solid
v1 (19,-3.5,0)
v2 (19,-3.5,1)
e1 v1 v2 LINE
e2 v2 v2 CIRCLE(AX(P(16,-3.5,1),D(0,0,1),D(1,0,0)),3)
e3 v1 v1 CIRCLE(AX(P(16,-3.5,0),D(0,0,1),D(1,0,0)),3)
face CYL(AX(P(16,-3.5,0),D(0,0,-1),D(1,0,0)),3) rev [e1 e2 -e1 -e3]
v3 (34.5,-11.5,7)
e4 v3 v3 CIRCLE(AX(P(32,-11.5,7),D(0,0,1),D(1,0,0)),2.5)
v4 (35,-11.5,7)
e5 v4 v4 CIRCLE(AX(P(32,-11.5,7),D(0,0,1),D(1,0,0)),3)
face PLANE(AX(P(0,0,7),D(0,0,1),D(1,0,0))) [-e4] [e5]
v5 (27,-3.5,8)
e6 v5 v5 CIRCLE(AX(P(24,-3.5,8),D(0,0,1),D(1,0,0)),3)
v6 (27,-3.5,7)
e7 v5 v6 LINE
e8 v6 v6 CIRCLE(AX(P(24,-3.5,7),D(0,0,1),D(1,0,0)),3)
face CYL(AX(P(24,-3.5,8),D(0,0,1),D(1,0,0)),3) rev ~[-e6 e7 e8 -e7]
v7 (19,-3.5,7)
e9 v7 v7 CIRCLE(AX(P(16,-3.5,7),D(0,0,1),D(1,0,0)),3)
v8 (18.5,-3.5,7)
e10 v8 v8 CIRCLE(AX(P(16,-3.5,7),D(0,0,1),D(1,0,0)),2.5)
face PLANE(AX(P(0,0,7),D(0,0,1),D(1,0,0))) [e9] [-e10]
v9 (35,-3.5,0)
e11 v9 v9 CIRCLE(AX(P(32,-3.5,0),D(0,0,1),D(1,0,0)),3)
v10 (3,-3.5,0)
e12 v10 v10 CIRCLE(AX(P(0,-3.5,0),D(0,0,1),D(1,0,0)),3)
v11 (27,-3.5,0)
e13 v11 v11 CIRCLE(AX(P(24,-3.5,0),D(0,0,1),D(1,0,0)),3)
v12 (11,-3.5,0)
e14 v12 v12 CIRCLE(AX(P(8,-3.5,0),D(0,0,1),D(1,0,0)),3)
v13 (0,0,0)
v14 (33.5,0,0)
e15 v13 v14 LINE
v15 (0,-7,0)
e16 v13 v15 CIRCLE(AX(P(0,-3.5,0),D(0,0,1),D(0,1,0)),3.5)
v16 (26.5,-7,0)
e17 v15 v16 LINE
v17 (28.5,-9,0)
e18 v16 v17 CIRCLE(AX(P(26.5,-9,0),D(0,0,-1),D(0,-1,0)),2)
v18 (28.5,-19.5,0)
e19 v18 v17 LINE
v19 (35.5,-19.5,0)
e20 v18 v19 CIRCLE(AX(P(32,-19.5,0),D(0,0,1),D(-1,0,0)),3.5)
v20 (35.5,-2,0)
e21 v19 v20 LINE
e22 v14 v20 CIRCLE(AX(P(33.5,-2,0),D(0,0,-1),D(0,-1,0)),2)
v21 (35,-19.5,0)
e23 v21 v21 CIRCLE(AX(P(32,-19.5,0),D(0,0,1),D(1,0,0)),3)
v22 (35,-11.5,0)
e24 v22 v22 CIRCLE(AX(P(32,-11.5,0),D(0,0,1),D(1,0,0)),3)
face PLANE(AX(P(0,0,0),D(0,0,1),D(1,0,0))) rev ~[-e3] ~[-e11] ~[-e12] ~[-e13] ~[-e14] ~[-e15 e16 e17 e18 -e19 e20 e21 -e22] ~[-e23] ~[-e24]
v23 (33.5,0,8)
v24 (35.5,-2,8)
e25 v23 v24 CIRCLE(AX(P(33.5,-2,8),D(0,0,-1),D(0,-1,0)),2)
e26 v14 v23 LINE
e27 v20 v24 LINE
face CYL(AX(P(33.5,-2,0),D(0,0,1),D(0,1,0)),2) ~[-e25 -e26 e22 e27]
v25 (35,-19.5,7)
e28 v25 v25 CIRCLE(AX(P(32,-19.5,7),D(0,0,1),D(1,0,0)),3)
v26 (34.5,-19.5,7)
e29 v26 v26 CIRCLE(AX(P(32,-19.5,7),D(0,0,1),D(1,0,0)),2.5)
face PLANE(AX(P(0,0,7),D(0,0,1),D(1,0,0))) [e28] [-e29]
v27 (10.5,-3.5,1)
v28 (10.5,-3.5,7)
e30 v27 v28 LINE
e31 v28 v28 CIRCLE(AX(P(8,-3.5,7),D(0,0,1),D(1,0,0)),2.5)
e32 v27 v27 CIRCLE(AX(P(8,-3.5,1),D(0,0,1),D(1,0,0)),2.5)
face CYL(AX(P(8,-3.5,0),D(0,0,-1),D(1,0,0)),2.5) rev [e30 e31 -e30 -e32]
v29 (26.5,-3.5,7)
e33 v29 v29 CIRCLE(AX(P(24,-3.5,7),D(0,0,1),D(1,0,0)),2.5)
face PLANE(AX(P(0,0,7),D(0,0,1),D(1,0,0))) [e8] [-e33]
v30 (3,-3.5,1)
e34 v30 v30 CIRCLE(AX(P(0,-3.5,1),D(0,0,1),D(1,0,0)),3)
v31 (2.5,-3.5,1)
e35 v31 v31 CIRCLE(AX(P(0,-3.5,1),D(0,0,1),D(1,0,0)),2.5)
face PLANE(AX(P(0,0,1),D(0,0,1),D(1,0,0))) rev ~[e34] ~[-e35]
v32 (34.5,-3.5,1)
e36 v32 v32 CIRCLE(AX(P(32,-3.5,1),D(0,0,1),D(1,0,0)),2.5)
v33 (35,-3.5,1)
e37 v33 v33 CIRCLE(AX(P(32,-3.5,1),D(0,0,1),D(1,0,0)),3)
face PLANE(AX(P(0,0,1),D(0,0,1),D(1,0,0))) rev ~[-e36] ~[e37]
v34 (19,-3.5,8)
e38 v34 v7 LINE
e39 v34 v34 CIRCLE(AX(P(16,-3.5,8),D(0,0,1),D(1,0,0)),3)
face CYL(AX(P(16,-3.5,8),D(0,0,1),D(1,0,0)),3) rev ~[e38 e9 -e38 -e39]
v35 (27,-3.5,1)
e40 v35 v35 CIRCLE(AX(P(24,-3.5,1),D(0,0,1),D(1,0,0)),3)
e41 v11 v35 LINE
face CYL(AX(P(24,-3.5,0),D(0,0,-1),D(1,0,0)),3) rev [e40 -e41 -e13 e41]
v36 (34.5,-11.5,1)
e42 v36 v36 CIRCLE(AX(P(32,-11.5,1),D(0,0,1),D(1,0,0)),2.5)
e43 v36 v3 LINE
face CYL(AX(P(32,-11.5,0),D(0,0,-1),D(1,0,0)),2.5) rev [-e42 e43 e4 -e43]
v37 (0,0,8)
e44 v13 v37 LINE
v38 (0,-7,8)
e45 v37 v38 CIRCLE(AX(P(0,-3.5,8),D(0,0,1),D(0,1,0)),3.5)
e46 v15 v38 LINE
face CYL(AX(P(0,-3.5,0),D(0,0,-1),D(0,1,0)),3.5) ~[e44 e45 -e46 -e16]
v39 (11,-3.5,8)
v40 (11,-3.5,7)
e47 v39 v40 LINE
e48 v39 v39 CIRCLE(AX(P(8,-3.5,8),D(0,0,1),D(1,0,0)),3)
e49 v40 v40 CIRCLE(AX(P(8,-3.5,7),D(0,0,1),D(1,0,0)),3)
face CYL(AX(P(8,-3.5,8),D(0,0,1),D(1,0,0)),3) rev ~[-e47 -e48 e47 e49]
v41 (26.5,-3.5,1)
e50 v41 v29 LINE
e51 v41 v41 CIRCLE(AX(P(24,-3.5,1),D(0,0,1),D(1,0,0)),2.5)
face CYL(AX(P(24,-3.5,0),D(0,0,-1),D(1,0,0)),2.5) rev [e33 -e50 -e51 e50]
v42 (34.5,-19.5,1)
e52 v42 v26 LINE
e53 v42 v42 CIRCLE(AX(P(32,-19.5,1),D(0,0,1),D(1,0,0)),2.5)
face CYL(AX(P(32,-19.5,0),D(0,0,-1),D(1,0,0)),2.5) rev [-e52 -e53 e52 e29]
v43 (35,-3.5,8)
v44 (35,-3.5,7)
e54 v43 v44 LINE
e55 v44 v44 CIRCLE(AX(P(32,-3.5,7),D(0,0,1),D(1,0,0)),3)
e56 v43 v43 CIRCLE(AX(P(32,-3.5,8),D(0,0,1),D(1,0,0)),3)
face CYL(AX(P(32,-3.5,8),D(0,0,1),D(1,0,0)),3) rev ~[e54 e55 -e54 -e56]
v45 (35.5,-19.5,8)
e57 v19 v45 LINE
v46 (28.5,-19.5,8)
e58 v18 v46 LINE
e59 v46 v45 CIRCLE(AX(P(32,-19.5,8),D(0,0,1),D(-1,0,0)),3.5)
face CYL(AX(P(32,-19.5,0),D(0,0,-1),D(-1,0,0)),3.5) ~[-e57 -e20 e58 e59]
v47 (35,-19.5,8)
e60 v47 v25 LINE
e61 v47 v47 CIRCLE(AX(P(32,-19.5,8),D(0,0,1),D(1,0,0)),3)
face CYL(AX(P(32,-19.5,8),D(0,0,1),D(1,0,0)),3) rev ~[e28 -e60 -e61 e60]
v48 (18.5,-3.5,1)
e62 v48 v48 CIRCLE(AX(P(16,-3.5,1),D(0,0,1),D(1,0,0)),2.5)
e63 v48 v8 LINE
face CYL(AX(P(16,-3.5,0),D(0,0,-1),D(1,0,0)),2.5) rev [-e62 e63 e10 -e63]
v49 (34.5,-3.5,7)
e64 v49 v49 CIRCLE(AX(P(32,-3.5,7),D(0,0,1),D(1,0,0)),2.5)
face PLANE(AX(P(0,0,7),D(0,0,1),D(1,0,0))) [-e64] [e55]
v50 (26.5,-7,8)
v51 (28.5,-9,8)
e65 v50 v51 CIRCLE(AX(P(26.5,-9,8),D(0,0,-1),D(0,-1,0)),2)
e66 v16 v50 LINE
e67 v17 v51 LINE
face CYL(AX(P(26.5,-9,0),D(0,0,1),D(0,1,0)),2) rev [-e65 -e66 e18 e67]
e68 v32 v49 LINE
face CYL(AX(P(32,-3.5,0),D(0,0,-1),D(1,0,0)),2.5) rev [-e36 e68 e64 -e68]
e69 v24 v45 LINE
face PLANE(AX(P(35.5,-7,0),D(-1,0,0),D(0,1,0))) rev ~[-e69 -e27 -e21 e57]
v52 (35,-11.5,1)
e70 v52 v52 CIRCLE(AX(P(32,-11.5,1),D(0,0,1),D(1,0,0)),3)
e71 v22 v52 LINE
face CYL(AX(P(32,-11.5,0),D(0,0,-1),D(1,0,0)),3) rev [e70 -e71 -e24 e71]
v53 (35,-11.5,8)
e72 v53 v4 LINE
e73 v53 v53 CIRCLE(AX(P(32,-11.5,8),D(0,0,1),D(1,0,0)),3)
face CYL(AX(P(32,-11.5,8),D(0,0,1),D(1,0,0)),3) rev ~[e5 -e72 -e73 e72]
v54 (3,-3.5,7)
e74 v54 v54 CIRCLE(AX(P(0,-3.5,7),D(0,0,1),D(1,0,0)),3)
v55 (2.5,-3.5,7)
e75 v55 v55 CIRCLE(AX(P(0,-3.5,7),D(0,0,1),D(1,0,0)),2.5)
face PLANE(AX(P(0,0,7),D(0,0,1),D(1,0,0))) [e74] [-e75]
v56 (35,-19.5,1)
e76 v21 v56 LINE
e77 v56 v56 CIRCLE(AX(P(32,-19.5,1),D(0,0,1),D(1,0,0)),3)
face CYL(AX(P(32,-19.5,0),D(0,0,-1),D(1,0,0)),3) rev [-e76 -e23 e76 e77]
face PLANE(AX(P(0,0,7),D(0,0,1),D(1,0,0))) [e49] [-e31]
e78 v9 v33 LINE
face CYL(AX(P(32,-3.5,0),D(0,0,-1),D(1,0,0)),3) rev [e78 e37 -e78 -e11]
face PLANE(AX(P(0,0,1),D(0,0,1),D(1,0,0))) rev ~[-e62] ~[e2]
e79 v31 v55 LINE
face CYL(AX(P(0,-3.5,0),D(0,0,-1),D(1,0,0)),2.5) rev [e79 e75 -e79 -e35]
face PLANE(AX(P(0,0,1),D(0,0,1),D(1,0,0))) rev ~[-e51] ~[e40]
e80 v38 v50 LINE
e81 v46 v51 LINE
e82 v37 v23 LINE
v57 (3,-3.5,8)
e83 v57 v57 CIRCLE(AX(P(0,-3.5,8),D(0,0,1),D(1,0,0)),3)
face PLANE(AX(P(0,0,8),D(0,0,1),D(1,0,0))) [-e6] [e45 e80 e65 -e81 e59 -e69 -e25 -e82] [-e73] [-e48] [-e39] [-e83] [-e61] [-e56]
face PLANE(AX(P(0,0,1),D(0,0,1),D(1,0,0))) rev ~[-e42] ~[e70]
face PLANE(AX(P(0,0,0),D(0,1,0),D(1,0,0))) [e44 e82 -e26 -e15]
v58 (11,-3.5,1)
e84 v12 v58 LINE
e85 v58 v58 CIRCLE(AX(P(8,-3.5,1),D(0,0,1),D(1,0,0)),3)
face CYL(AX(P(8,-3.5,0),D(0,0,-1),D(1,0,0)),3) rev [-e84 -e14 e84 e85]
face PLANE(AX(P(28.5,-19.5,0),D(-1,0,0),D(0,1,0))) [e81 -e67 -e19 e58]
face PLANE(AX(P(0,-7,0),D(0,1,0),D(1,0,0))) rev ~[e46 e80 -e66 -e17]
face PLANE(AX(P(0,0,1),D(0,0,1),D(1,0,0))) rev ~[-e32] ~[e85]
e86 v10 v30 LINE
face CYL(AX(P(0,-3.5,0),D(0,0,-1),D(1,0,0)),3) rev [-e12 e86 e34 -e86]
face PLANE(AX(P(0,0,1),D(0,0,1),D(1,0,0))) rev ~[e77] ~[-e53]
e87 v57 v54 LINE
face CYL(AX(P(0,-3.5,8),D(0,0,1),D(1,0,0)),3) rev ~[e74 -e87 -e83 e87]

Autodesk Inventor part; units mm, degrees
ref_plane "YZ Plane" through (0, 0, 0) normal (1, 0, 0) x (0, 1, 0)
ref_plane "XZ Plane" through (0, 0, 0) normal (0, 1, 0) x (-1, 0, 0)
ref_plane "XY Plane" through (0, 0, 0) normal (0, 0, 1) x (1, 0, 0)
sketch "Sketch1" plane through (0, 0, 0) normal (0, 0, 1) x (1, 0, 0)
  arc A0 (0, 0) -> (0, -7) centre (0, -3.5) ccw
  circle A1 centre (0, -3.5) radius 2.5
  circle A2 centre (0, -3.5) radius 3
  circle A3 centre (32, -3.5) radius 2.5
  circle A4 centre (32, -3.5) radius 3
  circle A5 centre (8, -3.5) radius 2.5
  circle A6 centre (8, -3.5) radius 3
  circle A7 centre (16, -3.5) radius 3
  circle A8 centre (16, -3.5) radius 2.5
  circle A9 centre (24, -3.5) radius 3
  circle A10 centre (24, -3.5) radius 2.5
  circle A11 centre (32, -19.5) radius 3
  circle A12 centre (32, -19.5) radius 2.5
  line L0 (28.5, -19.5) -> (28.5, -7)
  line L1 (35.5, -19.5) -> (35.5, -7)
  circle A13 centre (32, -11.5) radius 2.5
  circle A14 centre (32, -11.5) radius 3
  arc A15 (28.5, -19.5) -> (35.5, -19.5) centre (32, -19.5) ccw
  line L2 (35.5, -7) -> (35.5, 0)
  line L3 (0, -7) -> (28.5, -7)
  line L4 (0, 0) -> (35.5, 0)
extrude "Extrusion1" add sketch "Sketch1" along normal blind 8 contours L4 L2 L1 A15 L0 L3 A0 | A2 | A4 | A6 | A7 | A9 | A11 | A14
extrude "Extrusion2" cut sketch "Sketch1" along normal blind 1 contours A2 | A4 | A6 | A7 | A9 | A11 | A14
sketch "Sketch2" plane through (0, 0, 8) normal (0, 0, 1) x (1, 0, 0)
  circle A0 centre (32, -11.5) radius 2.5 projected
  circle A1 centre (32, -19.5) radius 2.5 projected
  circle A2 centre (24, -3.5) radius 2.5 projected
  circle A3 centre (16, -3.5) radius 2.5 projected
  circle A4 centre (8, -3.5) radius 2.5 projected
  circle A5 centre (32, -3.5) radius 2.5 projected
  circle A6 centre (0, -3.5) radius 2.5 projected
  circle A7 centre (0, -3.5) radius 3 projected
  circle A8 centre (8, -3.5) radius 3 projected
  circle A9 centre (16, -3.5) radius 3 projected
  circle A10 centre (24, -3.5) radius 3 projected
  circle A11 centre (32, -3.5) radius 3 projected
  circle A12 centre (32, -11.5) radius 3 projected
  circle A13 centre (32, -19.5) radius 3 projected
extrude "Extrusion3" cut sketch "Sketch2" against normal blind 1
fillet "Fillet1" radius 2 1 edges at (35.5, 0, 4)
fillet "Fillet2" radius 2 1 edges at (28.5, -7, 4)
properties part number "technic L 5 barrenos"
